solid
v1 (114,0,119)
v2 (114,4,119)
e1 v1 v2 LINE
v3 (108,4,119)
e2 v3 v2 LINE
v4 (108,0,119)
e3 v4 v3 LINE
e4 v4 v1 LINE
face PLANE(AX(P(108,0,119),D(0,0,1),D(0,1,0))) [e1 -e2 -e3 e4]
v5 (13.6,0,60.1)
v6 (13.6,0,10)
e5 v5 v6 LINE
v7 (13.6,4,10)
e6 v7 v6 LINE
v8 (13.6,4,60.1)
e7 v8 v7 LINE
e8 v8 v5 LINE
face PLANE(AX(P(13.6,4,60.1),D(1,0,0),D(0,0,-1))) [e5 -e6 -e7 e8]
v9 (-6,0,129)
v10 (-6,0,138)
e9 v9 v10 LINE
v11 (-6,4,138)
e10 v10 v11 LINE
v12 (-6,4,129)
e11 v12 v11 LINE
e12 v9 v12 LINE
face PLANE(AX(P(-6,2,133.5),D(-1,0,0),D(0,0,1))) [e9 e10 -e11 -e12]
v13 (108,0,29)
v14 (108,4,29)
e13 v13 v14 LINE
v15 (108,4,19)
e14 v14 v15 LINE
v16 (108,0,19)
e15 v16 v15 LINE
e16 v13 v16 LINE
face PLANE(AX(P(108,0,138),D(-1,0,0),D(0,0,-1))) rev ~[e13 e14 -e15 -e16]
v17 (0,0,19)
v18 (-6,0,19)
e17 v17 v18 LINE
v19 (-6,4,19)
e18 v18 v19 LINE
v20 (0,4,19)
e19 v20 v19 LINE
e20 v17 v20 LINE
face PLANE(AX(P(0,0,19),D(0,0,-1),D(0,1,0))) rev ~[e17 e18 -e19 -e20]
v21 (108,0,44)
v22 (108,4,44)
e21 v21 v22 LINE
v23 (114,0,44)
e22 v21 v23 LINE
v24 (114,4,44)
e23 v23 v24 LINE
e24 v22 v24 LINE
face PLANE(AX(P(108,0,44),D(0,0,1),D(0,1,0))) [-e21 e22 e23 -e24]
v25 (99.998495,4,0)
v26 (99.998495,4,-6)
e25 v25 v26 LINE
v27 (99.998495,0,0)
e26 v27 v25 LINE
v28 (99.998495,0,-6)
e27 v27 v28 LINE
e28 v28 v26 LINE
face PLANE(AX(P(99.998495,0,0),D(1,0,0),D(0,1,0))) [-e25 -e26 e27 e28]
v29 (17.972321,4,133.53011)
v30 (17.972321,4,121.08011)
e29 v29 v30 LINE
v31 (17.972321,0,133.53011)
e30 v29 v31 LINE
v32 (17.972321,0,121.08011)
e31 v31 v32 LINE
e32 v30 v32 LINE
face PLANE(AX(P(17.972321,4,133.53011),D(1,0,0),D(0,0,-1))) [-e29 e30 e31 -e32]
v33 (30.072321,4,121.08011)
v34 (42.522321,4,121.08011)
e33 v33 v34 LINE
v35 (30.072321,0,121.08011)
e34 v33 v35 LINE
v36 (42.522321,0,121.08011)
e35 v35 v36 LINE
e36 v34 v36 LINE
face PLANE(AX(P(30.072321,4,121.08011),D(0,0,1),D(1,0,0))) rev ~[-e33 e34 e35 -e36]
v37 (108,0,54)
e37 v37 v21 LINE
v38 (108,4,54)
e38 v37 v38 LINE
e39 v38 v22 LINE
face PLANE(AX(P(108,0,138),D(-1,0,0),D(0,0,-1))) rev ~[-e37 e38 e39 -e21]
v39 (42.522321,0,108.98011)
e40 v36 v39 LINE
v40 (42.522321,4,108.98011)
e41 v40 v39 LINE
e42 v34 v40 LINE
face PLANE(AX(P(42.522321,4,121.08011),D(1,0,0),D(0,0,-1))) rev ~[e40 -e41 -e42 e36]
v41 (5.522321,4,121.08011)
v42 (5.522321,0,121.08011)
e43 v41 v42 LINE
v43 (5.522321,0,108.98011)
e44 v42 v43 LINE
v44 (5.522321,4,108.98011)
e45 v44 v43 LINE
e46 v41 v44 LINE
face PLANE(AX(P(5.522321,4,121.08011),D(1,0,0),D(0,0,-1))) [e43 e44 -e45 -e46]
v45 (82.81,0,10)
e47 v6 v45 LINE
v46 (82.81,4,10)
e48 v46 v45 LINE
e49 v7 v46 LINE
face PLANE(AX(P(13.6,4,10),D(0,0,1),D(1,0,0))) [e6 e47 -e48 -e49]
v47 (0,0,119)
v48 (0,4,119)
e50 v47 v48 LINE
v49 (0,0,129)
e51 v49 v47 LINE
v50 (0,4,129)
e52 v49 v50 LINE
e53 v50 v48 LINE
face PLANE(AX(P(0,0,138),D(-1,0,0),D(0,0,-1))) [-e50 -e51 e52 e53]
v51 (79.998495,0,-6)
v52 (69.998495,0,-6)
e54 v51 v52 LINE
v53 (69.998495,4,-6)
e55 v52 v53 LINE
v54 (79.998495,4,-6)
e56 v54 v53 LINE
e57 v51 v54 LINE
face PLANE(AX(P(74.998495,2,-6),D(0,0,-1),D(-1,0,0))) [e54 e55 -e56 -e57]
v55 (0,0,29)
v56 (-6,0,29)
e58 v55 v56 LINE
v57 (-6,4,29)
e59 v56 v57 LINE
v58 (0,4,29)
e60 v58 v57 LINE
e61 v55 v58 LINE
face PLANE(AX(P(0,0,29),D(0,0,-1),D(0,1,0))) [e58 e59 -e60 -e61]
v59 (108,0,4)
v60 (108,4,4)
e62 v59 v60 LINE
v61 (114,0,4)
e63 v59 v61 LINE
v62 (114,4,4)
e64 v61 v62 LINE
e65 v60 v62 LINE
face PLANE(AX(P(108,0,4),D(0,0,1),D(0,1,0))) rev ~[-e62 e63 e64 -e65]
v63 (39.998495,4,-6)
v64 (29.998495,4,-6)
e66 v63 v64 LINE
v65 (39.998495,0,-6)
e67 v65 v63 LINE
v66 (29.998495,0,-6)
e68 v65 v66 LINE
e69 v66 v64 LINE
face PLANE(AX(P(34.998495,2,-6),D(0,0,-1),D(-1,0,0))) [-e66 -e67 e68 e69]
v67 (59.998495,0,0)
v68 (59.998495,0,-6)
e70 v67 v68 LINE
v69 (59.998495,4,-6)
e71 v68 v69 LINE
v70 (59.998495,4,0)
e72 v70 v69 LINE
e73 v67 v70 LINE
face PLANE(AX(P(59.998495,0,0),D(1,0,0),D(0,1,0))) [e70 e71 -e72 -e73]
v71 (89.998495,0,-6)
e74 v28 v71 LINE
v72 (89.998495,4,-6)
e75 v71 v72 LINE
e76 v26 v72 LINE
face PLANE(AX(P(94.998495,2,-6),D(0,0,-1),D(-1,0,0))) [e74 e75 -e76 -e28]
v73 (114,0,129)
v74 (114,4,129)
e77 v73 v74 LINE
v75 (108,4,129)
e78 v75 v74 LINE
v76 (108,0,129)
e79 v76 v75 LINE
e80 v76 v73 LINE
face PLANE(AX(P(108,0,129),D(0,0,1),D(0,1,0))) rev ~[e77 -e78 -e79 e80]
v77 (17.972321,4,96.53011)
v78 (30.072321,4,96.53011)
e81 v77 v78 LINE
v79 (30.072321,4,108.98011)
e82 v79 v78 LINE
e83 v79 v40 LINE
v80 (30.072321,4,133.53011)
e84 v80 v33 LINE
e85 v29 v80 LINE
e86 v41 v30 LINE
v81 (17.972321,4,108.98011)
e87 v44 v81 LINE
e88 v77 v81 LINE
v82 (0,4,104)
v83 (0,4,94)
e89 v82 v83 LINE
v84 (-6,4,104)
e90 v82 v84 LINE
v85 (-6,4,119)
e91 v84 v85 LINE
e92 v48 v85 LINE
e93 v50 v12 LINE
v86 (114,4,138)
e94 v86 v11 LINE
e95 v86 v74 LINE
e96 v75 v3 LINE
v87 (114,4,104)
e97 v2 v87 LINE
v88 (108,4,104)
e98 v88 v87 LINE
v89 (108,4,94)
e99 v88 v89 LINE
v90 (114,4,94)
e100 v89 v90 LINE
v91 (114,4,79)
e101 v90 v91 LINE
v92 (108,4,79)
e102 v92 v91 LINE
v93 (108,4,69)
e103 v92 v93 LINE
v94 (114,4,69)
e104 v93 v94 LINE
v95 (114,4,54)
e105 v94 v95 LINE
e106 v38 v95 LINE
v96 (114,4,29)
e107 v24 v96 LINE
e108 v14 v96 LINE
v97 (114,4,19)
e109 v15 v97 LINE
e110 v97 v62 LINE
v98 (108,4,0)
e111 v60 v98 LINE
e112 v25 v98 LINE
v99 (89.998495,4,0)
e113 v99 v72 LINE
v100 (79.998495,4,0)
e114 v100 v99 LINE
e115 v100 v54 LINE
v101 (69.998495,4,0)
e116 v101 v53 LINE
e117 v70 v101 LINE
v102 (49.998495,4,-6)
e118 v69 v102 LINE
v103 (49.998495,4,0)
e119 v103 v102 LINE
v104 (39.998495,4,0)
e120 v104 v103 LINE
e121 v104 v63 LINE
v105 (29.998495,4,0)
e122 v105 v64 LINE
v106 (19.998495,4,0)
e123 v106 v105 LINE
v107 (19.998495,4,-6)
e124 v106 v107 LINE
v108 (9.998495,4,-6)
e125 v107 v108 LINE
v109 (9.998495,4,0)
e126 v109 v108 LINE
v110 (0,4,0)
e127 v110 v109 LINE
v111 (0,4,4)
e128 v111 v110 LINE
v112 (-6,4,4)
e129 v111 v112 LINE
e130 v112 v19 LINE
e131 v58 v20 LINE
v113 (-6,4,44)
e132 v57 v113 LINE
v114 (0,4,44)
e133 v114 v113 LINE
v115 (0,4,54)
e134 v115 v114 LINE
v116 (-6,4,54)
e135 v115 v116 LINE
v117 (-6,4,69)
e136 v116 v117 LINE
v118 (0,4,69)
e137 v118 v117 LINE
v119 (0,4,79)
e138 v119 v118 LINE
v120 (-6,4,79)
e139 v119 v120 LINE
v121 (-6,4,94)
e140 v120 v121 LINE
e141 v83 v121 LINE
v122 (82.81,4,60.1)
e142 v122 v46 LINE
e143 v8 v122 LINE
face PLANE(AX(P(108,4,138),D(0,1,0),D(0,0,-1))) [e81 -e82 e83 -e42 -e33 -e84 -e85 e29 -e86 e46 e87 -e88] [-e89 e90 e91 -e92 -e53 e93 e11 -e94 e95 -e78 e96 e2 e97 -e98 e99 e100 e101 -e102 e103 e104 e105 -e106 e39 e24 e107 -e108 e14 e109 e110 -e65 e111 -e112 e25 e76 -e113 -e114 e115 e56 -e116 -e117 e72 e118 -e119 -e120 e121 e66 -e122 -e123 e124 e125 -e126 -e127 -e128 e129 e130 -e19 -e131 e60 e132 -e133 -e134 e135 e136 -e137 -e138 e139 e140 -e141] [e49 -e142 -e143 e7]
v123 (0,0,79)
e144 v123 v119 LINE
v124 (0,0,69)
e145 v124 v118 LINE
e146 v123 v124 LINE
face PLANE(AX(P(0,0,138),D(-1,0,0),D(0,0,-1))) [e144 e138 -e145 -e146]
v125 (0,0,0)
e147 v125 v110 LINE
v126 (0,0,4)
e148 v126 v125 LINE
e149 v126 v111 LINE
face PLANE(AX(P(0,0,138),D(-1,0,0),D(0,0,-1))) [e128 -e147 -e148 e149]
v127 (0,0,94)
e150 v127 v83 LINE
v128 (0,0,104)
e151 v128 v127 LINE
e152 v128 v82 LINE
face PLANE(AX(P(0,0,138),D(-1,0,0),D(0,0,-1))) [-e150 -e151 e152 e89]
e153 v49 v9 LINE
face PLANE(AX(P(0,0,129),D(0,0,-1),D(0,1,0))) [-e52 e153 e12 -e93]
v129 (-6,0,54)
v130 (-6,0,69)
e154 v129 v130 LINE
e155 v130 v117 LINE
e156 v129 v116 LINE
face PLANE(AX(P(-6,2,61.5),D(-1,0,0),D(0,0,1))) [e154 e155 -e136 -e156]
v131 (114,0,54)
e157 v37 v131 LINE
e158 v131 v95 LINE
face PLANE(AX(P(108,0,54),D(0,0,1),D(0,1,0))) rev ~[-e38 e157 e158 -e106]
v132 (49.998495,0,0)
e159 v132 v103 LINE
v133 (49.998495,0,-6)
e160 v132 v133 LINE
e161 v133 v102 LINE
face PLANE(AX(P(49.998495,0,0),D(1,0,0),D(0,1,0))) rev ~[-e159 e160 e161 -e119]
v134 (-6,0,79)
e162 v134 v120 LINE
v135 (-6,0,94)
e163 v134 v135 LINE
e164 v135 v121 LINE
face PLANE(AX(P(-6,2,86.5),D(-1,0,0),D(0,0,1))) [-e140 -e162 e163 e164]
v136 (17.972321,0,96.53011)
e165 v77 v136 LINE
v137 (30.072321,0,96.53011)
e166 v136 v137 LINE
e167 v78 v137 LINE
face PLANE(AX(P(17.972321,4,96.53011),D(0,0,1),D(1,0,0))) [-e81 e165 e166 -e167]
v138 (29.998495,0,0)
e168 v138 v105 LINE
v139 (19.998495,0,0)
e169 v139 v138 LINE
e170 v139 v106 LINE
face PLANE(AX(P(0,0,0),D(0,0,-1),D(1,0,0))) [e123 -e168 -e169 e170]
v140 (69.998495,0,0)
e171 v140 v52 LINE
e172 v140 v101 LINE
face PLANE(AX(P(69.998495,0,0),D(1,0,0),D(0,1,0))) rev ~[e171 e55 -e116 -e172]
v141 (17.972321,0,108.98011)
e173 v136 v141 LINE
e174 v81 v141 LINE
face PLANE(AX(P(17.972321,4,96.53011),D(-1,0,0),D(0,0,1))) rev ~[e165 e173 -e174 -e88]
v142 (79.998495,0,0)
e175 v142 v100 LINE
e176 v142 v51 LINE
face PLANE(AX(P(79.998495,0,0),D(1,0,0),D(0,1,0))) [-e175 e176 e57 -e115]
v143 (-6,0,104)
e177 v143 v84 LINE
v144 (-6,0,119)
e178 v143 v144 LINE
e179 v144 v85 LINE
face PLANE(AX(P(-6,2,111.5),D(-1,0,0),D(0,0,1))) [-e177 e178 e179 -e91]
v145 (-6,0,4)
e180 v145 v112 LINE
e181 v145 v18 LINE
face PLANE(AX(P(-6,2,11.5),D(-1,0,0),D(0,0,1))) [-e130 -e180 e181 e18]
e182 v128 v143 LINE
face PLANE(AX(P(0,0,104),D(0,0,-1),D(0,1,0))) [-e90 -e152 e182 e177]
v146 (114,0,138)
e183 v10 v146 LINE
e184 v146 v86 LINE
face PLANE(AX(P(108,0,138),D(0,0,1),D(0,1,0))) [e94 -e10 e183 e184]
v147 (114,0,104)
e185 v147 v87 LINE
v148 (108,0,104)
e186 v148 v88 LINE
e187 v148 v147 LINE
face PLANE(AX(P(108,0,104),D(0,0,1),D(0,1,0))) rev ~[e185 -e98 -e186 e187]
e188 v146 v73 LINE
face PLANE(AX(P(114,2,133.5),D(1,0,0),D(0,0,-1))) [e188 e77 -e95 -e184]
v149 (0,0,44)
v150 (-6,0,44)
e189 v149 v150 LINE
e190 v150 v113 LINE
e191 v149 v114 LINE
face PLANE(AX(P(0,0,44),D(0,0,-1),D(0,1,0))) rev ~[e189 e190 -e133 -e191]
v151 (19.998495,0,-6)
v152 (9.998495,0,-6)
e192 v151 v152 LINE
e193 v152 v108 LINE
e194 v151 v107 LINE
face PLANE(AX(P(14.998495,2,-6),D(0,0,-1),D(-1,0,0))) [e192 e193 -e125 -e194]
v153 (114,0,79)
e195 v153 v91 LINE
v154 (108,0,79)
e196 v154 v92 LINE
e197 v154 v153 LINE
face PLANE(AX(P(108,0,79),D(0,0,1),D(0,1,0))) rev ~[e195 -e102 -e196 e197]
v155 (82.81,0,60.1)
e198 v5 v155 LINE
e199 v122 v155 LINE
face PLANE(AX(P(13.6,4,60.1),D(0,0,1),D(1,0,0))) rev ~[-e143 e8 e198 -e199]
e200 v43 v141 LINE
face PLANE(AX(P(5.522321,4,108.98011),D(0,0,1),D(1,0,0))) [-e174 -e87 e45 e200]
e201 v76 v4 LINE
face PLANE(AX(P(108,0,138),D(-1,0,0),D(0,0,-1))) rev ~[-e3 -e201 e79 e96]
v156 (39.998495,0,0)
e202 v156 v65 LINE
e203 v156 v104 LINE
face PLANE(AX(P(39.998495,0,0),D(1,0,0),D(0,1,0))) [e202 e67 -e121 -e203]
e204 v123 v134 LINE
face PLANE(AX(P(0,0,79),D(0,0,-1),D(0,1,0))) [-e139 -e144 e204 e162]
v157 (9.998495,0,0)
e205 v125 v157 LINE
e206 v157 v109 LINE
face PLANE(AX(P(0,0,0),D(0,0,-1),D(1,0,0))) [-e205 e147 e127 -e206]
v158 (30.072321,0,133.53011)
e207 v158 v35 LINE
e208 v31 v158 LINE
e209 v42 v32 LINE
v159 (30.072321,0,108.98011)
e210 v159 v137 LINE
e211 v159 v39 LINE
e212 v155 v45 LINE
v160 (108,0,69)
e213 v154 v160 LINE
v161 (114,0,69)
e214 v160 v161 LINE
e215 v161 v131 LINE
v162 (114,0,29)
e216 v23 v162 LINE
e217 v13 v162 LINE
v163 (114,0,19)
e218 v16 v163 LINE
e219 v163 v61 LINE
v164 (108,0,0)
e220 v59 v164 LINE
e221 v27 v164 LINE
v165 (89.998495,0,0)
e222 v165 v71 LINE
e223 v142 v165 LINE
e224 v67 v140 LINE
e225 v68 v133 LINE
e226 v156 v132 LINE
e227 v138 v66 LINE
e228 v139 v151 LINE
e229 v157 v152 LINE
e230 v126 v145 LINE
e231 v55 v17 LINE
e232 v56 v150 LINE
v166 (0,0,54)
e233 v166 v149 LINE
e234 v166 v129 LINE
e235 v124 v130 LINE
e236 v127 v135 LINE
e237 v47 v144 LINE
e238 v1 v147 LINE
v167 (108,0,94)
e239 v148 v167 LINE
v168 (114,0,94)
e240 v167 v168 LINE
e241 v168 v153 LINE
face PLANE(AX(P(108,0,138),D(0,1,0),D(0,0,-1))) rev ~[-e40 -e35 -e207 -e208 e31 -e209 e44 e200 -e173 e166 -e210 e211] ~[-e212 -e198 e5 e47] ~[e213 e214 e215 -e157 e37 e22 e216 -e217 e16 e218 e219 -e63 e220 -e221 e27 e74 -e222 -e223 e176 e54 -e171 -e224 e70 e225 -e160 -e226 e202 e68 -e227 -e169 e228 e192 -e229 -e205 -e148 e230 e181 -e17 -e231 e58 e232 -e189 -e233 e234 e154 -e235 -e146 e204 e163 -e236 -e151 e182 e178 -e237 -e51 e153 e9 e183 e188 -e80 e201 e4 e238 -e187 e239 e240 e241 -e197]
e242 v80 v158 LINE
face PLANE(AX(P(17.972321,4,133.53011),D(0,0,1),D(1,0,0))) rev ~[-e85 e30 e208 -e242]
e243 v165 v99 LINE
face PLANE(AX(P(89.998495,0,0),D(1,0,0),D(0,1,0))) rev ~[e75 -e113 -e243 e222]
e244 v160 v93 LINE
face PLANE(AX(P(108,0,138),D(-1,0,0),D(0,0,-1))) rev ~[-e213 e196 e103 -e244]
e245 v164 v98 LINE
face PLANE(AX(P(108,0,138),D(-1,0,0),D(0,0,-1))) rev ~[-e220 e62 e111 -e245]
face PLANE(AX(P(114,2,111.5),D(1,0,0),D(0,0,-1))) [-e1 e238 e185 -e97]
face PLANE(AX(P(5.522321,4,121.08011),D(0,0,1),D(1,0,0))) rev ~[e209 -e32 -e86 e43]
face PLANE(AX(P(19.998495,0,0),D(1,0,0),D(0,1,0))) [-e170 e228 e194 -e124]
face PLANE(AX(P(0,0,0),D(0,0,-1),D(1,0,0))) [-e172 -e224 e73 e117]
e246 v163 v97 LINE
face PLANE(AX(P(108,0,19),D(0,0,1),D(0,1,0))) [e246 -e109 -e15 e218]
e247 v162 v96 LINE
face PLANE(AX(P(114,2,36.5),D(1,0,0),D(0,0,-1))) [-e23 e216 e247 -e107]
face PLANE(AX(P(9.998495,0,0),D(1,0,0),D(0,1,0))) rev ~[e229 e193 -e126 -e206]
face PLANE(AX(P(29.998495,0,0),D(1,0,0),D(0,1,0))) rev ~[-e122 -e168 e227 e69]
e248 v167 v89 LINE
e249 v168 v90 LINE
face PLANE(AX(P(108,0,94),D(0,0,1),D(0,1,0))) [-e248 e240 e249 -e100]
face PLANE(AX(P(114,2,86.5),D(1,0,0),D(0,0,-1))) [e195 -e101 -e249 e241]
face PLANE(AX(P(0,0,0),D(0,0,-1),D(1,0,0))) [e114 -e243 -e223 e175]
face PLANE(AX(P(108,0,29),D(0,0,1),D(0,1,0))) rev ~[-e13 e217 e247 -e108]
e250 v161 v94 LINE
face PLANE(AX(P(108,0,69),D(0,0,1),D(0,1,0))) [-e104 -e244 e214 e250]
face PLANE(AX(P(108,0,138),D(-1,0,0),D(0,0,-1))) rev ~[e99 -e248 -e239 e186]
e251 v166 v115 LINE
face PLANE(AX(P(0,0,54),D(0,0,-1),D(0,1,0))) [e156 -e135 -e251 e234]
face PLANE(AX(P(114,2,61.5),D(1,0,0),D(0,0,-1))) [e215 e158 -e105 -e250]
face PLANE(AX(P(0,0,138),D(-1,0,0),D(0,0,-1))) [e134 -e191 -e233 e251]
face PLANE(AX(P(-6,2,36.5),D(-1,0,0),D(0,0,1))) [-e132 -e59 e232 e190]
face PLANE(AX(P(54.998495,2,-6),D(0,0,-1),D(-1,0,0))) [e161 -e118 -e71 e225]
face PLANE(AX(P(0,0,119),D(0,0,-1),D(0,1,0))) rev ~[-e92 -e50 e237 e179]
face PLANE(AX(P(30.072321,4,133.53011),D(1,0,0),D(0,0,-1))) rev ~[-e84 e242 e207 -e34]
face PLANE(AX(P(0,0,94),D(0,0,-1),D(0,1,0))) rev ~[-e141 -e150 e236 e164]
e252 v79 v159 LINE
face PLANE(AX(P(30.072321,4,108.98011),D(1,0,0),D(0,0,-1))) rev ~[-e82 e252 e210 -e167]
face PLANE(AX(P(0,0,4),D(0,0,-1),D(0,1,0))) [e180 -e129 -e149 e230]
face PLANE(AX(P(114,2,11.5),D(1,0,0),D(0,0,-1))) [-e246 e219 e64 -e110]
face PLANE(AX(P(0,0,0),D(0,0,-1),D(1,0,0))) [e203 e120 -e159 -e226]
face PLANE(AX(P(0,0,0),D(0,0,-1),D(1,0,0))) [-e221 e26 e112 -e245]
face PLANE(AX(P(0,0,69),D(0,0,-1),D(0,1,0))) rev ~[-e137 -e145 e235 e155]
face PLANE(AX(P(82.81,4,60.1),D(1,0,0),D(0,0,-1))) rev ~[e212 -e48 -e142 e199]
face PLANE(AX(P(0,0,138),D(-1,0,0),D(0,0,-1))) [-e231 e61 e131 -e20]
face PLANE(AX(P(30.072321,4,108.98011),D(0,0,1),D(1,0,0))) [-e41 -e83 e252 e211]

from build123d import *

# Parameters (mm, degrees)
SKETCH_1_W          = 108
SKETCH_1_H          = 138
EXTRUDE_1_DEPTH     = 4
SKETCH_2_W          = 69.21
SKETCH_2_H          = 50.1
CUT_EXTRUDE_1_DEPTH = 176.282628917
SKETCH_3_W          = 12.1
SKETCH_3_H          = 12.1
SKETCH_3_H_2        = 12.45
SKETCH_3_W_2        = 12.45
CUT_EXTRUDE_2_DEPTH = 176.282628917
SKETCH_4_W          = 15
SKETCH_4_H          = 4
EXTRUDE_2_DEPTH     = 6
SKETCH_6_W          = 9
SKETCH_6_H          = 4
EXTRUDE_3_DEPTH     = 6
SKETCH_7_W          = 15
SKETCH_7_H          = 4
EXTRUDE_4_DEPTH     = 6
SKETCH_8_W          = 9
SKETCH_8_H          = 4
EXTRUDE_5_DEPTH     = 6
SKETCH_9_W          = 10
SKETCH_9_H          = 4
EXTRUDE_6_DEPTH     = 6


with BuildPart() as part:
    # Эскиз1 → Бобышка-Вытянуть1 (new body)
    with BuildSketch(Plane(origin=(0, 0, 0), x_dir=(1, 0, 0), z_dir=(0, 1, 0))):
        with Locations((54, -69)):
            Rectangle(SKETCH_1_W, SKETCH_1_H)
    extrude(amount=EXTRUDE_1_DEPTH)

    # Эскиз2 → Вырез-Вытянуть1 (cut, through all)
    with BuildSketch(Plane(origin=(0, 4, 0), x_dir=(1, 0, 0), z_dir=(0, 1, 0))):
        with Locations((48.205, -35.05)):
            Rectangle(SKETCH_2_W, SKETCH_2_H)
    extrude(amount=-CUT_EXTRUDE_1_DEPTH, mode=Mode.SUBTRACT)

    # Эскиз3 → Вырез-Вытянуть2 (cut, through all)
    with BuildSketch(Plane(origin=(0, 4, 0), x_dir=(1, 0, 0), z_dir=(0, 1, 0))):
        with Locations((24.022320969, -115.030109588)):
            Rectangle(SKETCH_3_W, SKETCH_3_H)
        with Locations((24.022320969, -102.755109588)):
            Rectangle(SKETCH_3_W, SKETCH_3_H_2)
        with Locations((11.747320969, -115.030109588)):
            Rectangle(SKETCH_3_W_2, SKETCH_3_H)
        with Locations((36.297320969, -115.030109588)):
            Rectangle(SKETCH_3_W_2, SKETCH_3_H)
        with Locations((24.022320969, -127.305109588)):
            Rectangle(SKETCH_3_W, SKETCH_3_H_2)
    extrude(amount=-CUT_EXTRUDE_2_DEPTH, mode=Mode.SUBTRACT)

    # Эскиз4 → Бобышка-Вытянуть2 (add)
    with BuildSketch(Plane.ZY):
        with Locations((11.5, 2)):
            Rectangle(SKETCH_4_W, SKETCH_4_H)
        with Locations((36.5, 2)):
            Rectangle(SKETCH_4_W, SKETCH_4_H)
        with Locations((61.5, 2)):
            Rectangle(SKETCH_4_W, SKETCH_4_H)
        with Locations((86.5, 2)):
            Rectangle(SKETCH_4_W, SKETCH_4_H)
        with Locations((111.5, 2)):
            Rectangle(SKETCH_4_W, SKETCH_4_H)
    extrude(amount=EXTRUDE_2_DEPTH)

    # Эскиз6 → Бобышка-Вытянуть3 (add)
    with BuildSketch(Plane.ZY):
        with Locations((133.5, 2)):
            Rectangle(SKETCH_6_W, SKETCH_6_H)
    extrude(amount=EXTRUDE_3_DEPTH)

    # Эскиз7 → Бобышка-Вытянуть4 (add)
    with BuildSketch(Plane(origin=(108, 0, 0), x_dir=(0, 0, -1), z_dir=(1, 0, 0))):
        with Locations((-11.5, 2)):
            Rectangle(SKETCH_7_W, SKETCH_7_H)
        with Locations((-36.5, 2)):
            Rectangle(SKETCH_7_W, SKETCH_7_H)
        with Locations((-61.5, 2)):
            Rectangle(SKETCH_7_W, SKETCH_7_H)
        with Locations((-86.5, 2)):
            Rectangle(SKETCH_7_W, SKETCH_7_H)
        with Locations((-111.5, 2)):
            Rectangle(SKETCH_7_W, SKETCH_7_H)
    extrude(amount=EXTRUDE_4_DEPTH)

    # Эскиз8 → Бобышка-Вытянуть5 (add)
    with BuildSketch(Plane(origin=(108, 0, 0), x_dir=(0, 0, -1), z_dir=(1, 0, 0))):
        with Locations((-133.5, 2)):
            Rectangle(SKETCH_8_W, SKETCH_8_H)
    extrude(amount=EXTRUDE_5_DEPTH)

    # Эскиз9 → Бобышка-Вытянуть6 (add)
    with BuildSketch(Plane(origin=(0, 0, 0), x_dir=(-1, 0, 0), z_dir=(0, 0, -1))):
        with Locations((-94.998495411, 2)):
            Rectangle(SKETCH_9_W, SKETCH_9_H)
        with Locations((-74.998495411, 2)):
            Rectangle(SKETCH_9_W, SKETCH_9_H)
        with Locations((-54.998495411, 2)):
            Rectangle(SKETCH_9_W, SKETCH_9_H)
        with Locations((-34.998495411, 2)):
            Rectangle(SKETCH_9_W, SKETCH_9_H)
        with Locations((-14.998495411, 2)):
            Rectangle(SKETCH_9_W, SKETCH_9_H)
    extrude(amount=EXTRUDE_6_DEPTH)


solid = part.part
